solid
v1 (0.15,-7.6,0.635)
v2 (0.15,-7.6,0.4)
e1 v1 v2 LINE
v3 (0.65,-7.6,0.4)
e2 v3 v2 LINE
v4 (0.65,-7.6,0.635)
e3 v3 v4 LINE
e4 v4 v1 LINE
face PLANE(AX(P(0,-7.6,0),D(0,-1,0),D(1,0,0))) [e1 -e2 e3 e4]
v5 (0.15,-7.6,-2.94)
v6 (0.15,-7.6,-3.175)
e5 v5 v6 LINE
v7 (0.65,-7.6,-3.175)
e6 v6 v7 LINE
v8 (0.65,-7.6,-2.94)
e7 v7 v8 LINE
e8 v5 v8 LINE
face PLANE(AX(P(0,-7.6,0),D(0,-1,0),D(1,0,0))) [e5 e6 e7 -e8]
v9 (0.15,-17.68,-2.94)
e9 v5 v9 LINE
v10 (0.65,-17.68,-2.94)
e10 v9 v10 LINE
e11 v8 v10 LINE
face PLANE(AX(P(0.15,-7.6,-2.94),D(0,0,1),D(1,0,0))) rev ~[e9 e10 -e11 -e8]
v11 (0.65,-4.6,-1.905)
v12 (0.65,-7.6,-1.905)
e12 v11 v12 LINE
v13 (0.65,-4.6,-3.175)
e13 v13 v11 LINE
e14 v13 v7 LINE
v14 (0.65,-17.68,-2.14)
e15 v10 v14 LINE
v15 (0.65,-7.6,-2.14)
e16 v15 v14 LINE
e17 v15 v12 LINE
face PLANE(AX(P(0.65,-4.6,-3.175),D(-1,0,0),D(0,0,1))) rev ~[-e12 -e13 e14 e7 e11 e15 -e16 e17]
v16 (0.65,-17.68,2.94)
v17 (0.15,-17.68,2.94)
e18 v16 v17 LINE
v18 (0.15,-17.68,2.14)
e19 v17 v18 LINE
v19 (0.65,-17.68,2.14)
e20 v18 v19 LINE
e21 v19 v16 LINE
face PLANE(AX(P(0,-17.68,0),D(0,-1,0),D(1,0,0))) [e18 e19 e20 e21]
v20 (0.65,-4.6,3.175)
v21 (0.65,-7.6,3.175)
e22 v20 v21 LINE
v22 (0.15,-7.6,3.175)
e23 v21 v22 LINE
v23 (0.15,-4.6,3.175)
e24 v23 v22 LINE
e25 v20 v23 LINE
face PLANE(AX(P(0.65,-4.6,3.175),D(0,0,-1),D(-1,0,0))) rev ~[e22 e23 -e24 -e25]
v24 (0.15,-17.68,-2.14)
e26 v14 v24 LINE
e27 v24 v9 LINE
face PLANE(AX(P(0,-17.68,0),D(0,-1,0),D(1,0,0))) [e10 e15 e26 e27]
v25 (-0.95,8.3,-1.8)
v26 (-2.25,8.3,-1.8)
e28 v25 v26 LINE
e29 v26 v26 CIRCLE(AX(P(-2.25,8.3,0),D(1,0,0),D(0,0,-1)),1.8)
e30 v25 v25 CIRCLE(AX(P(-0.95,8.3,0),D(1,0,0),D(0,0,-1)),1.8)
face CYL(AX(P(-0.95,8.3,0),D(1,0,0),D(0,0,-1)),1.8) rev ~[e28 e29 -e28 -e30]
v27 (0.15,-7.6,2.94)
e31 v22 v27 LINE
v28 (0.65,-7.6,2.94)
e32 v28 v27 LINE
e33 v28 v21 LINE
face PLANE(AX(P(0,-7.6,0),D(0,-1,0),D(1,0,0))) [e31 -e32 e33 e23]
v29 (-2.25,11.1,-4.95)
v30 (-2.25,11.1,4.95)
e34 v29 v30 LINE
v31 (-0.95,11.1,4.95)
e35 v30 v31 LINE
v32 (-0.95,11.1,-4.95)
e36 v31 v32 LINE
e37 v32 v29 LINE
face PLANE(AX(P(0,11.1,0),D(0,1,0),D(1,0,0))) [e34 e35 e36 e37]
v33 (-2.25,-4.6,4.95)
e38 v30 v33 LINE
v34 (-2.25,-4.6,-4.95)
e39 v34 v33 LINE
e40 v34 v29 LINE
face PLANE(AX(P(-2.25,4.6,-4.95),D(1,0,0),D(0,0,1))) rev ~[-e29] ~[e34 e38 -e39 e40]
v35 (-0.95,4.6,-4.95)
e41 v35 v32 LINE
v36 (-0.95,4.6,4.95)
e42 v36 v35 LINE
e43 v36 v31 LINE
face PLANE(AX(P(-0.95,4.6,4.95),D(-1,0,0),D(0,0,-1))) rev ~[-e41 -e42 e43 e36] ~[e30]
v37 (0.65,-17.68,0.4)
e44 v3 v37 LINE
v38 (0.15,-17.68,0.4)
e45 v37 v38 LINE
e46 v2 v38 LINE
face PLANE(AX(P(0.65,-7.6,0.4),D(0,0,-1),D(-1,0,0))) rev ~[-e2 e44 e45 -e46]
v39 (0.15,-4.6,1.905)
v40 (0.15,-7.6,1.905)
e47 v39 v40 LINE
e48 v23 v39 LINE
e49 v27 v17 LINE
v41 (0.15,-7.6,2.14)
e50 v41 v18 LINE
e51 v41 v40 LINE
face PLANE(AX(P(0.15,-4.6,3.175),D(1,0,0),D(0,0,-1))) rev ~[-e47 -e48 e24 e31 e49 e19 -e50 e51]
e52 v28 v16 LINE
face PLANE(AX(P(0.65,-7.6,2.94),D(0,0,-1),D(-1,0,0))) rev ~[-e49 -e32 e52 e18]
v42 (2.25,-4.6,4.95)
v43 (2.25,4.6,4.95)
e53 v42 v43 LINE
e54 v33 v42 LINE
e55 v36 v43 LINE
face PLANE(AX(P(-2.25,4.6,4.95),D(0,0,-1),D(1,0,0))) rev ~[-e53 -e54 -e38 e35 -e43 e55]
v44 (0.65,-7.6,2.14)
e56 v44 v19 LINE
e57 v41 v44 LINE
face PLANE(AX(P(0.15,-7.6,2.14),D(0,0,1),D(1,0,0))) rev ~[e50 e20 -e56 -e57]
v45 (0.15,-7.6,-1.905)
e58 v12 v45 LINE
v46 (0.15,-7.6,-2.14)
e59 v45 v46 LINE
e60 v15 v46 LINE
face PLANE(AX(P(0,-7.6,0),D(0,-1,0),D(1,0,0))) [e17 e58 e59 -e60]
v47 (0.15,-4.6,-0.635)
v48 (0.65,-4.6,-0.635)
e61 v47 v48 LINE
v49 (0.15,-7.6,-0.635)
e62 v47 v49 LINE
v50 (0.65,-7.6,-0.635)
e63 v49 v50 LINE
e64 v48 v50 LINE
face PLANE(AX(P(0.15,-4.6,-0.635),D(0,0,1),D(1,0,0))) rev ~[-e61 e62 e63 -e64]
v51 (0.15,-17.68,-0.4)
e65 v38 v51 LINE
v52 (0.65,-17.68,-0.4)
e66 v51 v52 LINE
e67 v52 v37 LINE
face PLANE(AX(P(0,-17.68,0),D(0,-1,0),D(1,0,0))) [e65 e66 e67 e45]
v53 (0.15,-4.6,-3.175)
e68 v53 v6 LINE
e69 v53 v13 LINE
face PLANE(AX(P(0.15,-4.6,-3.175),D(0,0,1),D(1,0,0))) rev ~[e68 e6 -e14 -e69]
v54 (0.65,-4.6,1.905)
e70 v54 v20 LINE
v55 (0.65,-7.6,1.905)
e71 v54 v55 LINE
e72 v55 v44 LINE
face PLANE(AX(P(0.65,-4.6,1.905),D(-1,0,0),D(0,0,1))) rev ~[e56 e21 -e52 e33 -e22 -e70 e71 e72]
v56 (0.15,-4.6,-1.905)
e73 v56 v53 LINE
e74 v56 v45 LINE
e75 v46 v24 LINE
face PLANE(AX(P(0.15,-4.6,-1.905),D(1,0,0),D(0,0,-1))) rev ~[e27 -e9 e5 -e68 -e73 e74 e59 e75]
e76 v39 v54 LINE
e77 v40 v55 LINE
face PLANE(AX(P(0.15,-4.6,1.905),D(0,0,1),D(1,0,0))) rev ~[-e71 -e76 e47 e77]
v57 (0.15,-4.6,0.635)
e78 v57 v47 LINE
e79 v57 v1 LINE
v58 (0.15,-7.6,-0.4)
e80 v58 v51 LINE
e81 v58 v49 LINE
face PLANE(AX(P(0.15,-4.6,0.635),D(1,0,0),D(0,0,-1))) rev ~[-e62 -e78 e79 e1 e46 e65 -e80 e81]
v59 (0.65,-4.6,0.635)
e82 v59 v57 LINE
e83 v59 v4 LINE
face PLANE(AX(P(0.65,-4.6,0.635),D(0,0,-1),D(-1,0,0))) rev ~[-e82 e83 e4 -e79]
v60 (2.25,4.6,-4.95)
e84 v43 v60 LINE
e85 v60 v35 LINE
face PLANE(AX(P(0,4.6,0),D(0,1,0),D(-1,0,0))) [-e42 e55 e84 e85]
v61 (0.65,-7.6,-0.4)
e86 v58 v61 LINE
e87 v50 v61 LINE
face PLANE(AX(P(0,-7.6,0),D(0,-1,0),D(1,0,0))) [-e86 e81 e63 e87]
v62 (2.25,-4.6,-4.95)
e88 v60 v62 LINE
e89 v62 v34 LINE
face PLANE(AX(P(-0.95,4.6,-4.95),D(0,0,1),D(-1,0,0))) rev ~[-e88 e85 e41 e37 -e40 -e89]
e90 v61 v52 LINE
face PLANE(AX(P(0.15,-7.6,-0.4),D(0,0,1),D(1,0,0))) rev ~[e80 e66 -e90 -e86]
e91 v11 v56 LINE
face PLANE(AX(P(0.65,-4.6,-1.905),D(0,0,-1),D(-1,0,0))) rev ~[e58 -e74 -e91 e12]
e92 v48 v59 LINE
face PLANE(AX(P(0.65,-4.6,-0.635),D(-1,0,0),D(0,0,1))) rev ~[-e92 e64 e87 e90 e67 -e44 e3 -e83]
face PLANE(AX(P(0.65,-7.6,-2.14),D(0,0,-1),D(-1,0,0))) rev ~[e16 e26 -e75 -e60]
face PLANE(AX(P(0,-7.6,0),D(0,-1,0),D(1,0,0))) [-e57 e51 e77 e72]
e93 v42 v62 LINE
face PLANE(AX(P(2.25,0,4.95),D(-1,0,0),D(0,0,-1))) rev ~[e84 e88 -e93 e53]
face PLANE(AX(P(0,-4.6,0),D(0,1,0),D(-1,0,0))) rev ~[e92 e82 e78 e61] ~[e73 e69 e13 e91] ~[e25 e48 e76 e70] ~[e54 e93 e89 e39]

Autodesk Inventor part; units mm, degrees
ref_plane "YZ Plane" through (0, 0, 0) normal (1, 0, 0) x (0, 1, 0)
ref_plane "XZ Plane" through (0, 0, 0) normal (0, 1, 0) x (-1, 0, 0)
ref_plane "XY Plane" through (0, 0, 0) normal (0, 0, 1) x (1, 0, 0)
sketch "Boceto1" plane through (0, 0, 0) normal (0, 1, 0) x (-1, 0, 0)
  line L0 (2.25, 4.95) -> (-2.25, 4.95)
  line L1 (-2.25, 4.95) -> (-2.25, -4.95)
  line L2 (-2.25, -4.95) -> (2.25, -4.95)
  line L3 (2.25, -4.95) -> (2.25, 4.95)
  point P0 (0, 0)
  dimension "d0" = 4.5
  dimension "d1" = 9.9
  dimension "d2" = 4.95
  dimension "d3" = 2.25
extrude "Extrusión1" add sketch "Boceto1" along normal mid plane 9.2
sketch "Boceto2" plane through (0, 4.6, 0) normal (0, 1, 0) x (1, 0, 0)
  line L0 (2.25, 4.95) -> (-2.25, 4.95) projected
  line L1 (-2.25, 4.95) -> (-2.25, -4.95) projected
  line L2 (-2.25, -4.95) -> (2.25, -4.95) projected
  line L3 (2.25, -4.95) -> (2.25, 4.95) projected
  line L4 (2.25, 4.95) -> (-2.25, 4.95) projected
  line L5 (-2.25, -4.95) -> (-0.95, -4.95)
  line L6 (-0.95, -4.95) -> (-0.95, 4.95)
  line L7 (-0.95, 4.95) -> (-2.25, 4.95)
  line L8 (-2.25, 4.95) -> (-2.25, -4.95)
  point P0 (0, 0)
  point P1 (-0.95, 4.95)
  dimension "d6" = 1.3
extrude "Extrusión2" add sketch "Boceto2" along normal blind 6.5 contours L6 L2 L1 L0
sketch "Boceto3" plane through (-0.95, 4.6, 4.95) normal (1, 0, 0) x (0, 0, -1)
  line L0 (9.9, 0) -> (0, 0) projected
  line L1 (9.9, 0) -> (9.9, 6.5) projected
  line L2 (0, 6.5) -> (9.9, 6.5) projected
  line L3 (0, 0) -> (0, 6.5) projected
  circle A0 centre (4.95, 3.7) radius 1.8
  point P0 (4.95, -4.6)
  dimension "d9" = 3.6
  dimension "d10" = 4.95
  dimension "d11" = 3.7
extrude "Extrusión3" cut sketch "Boceto3" against normal blind 6.5 contours A0
sketch "Boceto4" plane through (0, -4.6, 0) normal (0, -1, 0) x (1, 0, 0)
  line L0 (-2.25, -4.95) -> (2.25, -4.95) projected
  line L1 (2.25, -4.95) -> (2.25, 4.95) projected
  line L2 (2.25, 4.95) -> (-2.25, 4.95) projected
  line L3 (-2.25, 4.95) -> (-2.25, -4.95) projected
  line L4 (0.65, 3.175) -> (0.15, 3.175)
  line L5 (0.15, 3.175) -> (0.15, 1.905)
  line L6 (0.15, 1.905) -> (0.65, 1.905)
  line L7 (0.65, 1.905) -> (0.65, 3.175)
  line L8 (0.65, 0.635) -> (0.15, 0.635)
  line L9 (0.15, 0.635) -> (0.15, -0.635)
  line L10 (0.15, -0.635) -> (0.65, -0.635)
  line L11 (0.65, -0.635) -> (0.65, 0.635)
  line L12 (0.65, -1.905) -> (0.15, -1.905)
  line L13 (0.15, -1.905) -> (0.15, -3.175)
  line L14 (0.15, -3.175) -> (0.65, -3.175)
  line L15 (0.65, -3.175) -> (0.65, -1.905)
  point P0 (0, 0)
  dimension "d14" = 1.27
  dimension "d15" = 1.27
  dimension "d16" = 1.27
  dimension "d17" = 0.5
  dimension "d18" = 0.5
  dimension "d19" = 0.5
  dimension "d20" = 1.27
  dimension "d21" = 1.27
  dimension "d22" = 4.315
  dimension "d23" = 2.4
extrude "Extrusión4" add sketch "Boceto4" along normal blind 3 contours L7 L6 L5 L4 | L11 L10 L9 L8 | L15 L14 L13 L12
sketch "Boceto5" plane through (0, -7.6, 0) normal (0, -1, 0) x (1, 0, 0)
  line L0 (0.15, 3.175) -> (0.15, 1.905) projected
  line L1 (0.15, 1.905) -> (0.65, 1.905) projected
  line L2 (0.65, 1.905) -> (0.65, 3.175) projected
  line L3 (0.65, 3.175) -> (0.15, 3.175) projected
  line L4 (0.15, 0.635) -> (0.15, -0.635) projected
  line L5 (0.15, -0.635) -> (0.65, -0.635) projected
  line L6 (0.65, -0.635) -> (0.65, 0.635) projected
  line L7 (0.65, 0.635) -> (0.15, 0.635) projected
  line L8 (0.65, -1.905) -> (0.15, -1.905) projected
  line L9 (0.15, -1.905) -> (0.15, -3.175) projected
  line L10 (0.15, -3.175) -> (0.65, -3.175) projected
  line L11 (0.65, -3.175) -> (0.65, -1.905) projected
  line L12 (0.15, 1.905) -> (0.15, 3.175) projected
  line L13 (0.65, 2.94) -> (0.15, 2.94)
  line L14 (0.15, 2.94) -> (0.15, 2.14)
  line L15 (0.15, 2.14) -> (0.65, 2.14)
  line L16 (0.65, 2.14) -> (0.65, 2.94)
  line L17 (0.15, 0.635) -> (0.15, -0.635) projected
  line L18 (0.65, 0.4) -> (0.15, 0.4)
  line L19 (0.15, 0.4) -> (0.15, -0.4)
  line L20 (0.15, -0.4) -> (0.65, -0.4)
  line L21 (0.65, -0.4) -> (0.65, 0.4)
  line L22 (0.65, -1.905) -> (0.65, -3.175) projected
  line L23 (0.15, -3.175) -> (0.15, -1.905) projected
  line L24 (0.65, -2.14) -> (0.15, -2.14)
  line L25 (0.15, -2.14) -> (0.15, -2.94)
  line L26 (0.15, -2.94) -> (0.65, -2.94)
  line L27 (0.65, -2.94) -> (0.65, -2.14)
  point P0 (0, 0)
  point P1 (0.15, -2.14)
  dimension "d26" = 0.8
  dimension "d27" = 0.8
  dimension "d28" = 0.8
  dimension "d29" = 0.235
  dimension "d30" = 0.235
  dimension "d31" = 0.235
extrude "Extrusión5" add sketch "Boceto5" along normal blind 10.08 contours L13 L2 L15 L0 | L18 L6 L20 L4 | L11 L26 L9 L24
sketch "Boceto6" plane through (2.25, -4.6, -4.95) normal (1, 0, 0) x (0, 0, -1)
  line L0 (-8.7324, 7.7313) -> (-1.5086, 7.7313) construction
  line L1 (-1.5086, 7.7313) -> (-1.5086, 5.3131) construction
  line L2 (-1.5086, 5.3131) -> (-8.7324, 5.3131) construction
  line L3 (-8.7324, 5.3131) -> (-8.7324, 7.7313) construction
  point P0 (-4.95, 4.6)
properties part number "7805"
